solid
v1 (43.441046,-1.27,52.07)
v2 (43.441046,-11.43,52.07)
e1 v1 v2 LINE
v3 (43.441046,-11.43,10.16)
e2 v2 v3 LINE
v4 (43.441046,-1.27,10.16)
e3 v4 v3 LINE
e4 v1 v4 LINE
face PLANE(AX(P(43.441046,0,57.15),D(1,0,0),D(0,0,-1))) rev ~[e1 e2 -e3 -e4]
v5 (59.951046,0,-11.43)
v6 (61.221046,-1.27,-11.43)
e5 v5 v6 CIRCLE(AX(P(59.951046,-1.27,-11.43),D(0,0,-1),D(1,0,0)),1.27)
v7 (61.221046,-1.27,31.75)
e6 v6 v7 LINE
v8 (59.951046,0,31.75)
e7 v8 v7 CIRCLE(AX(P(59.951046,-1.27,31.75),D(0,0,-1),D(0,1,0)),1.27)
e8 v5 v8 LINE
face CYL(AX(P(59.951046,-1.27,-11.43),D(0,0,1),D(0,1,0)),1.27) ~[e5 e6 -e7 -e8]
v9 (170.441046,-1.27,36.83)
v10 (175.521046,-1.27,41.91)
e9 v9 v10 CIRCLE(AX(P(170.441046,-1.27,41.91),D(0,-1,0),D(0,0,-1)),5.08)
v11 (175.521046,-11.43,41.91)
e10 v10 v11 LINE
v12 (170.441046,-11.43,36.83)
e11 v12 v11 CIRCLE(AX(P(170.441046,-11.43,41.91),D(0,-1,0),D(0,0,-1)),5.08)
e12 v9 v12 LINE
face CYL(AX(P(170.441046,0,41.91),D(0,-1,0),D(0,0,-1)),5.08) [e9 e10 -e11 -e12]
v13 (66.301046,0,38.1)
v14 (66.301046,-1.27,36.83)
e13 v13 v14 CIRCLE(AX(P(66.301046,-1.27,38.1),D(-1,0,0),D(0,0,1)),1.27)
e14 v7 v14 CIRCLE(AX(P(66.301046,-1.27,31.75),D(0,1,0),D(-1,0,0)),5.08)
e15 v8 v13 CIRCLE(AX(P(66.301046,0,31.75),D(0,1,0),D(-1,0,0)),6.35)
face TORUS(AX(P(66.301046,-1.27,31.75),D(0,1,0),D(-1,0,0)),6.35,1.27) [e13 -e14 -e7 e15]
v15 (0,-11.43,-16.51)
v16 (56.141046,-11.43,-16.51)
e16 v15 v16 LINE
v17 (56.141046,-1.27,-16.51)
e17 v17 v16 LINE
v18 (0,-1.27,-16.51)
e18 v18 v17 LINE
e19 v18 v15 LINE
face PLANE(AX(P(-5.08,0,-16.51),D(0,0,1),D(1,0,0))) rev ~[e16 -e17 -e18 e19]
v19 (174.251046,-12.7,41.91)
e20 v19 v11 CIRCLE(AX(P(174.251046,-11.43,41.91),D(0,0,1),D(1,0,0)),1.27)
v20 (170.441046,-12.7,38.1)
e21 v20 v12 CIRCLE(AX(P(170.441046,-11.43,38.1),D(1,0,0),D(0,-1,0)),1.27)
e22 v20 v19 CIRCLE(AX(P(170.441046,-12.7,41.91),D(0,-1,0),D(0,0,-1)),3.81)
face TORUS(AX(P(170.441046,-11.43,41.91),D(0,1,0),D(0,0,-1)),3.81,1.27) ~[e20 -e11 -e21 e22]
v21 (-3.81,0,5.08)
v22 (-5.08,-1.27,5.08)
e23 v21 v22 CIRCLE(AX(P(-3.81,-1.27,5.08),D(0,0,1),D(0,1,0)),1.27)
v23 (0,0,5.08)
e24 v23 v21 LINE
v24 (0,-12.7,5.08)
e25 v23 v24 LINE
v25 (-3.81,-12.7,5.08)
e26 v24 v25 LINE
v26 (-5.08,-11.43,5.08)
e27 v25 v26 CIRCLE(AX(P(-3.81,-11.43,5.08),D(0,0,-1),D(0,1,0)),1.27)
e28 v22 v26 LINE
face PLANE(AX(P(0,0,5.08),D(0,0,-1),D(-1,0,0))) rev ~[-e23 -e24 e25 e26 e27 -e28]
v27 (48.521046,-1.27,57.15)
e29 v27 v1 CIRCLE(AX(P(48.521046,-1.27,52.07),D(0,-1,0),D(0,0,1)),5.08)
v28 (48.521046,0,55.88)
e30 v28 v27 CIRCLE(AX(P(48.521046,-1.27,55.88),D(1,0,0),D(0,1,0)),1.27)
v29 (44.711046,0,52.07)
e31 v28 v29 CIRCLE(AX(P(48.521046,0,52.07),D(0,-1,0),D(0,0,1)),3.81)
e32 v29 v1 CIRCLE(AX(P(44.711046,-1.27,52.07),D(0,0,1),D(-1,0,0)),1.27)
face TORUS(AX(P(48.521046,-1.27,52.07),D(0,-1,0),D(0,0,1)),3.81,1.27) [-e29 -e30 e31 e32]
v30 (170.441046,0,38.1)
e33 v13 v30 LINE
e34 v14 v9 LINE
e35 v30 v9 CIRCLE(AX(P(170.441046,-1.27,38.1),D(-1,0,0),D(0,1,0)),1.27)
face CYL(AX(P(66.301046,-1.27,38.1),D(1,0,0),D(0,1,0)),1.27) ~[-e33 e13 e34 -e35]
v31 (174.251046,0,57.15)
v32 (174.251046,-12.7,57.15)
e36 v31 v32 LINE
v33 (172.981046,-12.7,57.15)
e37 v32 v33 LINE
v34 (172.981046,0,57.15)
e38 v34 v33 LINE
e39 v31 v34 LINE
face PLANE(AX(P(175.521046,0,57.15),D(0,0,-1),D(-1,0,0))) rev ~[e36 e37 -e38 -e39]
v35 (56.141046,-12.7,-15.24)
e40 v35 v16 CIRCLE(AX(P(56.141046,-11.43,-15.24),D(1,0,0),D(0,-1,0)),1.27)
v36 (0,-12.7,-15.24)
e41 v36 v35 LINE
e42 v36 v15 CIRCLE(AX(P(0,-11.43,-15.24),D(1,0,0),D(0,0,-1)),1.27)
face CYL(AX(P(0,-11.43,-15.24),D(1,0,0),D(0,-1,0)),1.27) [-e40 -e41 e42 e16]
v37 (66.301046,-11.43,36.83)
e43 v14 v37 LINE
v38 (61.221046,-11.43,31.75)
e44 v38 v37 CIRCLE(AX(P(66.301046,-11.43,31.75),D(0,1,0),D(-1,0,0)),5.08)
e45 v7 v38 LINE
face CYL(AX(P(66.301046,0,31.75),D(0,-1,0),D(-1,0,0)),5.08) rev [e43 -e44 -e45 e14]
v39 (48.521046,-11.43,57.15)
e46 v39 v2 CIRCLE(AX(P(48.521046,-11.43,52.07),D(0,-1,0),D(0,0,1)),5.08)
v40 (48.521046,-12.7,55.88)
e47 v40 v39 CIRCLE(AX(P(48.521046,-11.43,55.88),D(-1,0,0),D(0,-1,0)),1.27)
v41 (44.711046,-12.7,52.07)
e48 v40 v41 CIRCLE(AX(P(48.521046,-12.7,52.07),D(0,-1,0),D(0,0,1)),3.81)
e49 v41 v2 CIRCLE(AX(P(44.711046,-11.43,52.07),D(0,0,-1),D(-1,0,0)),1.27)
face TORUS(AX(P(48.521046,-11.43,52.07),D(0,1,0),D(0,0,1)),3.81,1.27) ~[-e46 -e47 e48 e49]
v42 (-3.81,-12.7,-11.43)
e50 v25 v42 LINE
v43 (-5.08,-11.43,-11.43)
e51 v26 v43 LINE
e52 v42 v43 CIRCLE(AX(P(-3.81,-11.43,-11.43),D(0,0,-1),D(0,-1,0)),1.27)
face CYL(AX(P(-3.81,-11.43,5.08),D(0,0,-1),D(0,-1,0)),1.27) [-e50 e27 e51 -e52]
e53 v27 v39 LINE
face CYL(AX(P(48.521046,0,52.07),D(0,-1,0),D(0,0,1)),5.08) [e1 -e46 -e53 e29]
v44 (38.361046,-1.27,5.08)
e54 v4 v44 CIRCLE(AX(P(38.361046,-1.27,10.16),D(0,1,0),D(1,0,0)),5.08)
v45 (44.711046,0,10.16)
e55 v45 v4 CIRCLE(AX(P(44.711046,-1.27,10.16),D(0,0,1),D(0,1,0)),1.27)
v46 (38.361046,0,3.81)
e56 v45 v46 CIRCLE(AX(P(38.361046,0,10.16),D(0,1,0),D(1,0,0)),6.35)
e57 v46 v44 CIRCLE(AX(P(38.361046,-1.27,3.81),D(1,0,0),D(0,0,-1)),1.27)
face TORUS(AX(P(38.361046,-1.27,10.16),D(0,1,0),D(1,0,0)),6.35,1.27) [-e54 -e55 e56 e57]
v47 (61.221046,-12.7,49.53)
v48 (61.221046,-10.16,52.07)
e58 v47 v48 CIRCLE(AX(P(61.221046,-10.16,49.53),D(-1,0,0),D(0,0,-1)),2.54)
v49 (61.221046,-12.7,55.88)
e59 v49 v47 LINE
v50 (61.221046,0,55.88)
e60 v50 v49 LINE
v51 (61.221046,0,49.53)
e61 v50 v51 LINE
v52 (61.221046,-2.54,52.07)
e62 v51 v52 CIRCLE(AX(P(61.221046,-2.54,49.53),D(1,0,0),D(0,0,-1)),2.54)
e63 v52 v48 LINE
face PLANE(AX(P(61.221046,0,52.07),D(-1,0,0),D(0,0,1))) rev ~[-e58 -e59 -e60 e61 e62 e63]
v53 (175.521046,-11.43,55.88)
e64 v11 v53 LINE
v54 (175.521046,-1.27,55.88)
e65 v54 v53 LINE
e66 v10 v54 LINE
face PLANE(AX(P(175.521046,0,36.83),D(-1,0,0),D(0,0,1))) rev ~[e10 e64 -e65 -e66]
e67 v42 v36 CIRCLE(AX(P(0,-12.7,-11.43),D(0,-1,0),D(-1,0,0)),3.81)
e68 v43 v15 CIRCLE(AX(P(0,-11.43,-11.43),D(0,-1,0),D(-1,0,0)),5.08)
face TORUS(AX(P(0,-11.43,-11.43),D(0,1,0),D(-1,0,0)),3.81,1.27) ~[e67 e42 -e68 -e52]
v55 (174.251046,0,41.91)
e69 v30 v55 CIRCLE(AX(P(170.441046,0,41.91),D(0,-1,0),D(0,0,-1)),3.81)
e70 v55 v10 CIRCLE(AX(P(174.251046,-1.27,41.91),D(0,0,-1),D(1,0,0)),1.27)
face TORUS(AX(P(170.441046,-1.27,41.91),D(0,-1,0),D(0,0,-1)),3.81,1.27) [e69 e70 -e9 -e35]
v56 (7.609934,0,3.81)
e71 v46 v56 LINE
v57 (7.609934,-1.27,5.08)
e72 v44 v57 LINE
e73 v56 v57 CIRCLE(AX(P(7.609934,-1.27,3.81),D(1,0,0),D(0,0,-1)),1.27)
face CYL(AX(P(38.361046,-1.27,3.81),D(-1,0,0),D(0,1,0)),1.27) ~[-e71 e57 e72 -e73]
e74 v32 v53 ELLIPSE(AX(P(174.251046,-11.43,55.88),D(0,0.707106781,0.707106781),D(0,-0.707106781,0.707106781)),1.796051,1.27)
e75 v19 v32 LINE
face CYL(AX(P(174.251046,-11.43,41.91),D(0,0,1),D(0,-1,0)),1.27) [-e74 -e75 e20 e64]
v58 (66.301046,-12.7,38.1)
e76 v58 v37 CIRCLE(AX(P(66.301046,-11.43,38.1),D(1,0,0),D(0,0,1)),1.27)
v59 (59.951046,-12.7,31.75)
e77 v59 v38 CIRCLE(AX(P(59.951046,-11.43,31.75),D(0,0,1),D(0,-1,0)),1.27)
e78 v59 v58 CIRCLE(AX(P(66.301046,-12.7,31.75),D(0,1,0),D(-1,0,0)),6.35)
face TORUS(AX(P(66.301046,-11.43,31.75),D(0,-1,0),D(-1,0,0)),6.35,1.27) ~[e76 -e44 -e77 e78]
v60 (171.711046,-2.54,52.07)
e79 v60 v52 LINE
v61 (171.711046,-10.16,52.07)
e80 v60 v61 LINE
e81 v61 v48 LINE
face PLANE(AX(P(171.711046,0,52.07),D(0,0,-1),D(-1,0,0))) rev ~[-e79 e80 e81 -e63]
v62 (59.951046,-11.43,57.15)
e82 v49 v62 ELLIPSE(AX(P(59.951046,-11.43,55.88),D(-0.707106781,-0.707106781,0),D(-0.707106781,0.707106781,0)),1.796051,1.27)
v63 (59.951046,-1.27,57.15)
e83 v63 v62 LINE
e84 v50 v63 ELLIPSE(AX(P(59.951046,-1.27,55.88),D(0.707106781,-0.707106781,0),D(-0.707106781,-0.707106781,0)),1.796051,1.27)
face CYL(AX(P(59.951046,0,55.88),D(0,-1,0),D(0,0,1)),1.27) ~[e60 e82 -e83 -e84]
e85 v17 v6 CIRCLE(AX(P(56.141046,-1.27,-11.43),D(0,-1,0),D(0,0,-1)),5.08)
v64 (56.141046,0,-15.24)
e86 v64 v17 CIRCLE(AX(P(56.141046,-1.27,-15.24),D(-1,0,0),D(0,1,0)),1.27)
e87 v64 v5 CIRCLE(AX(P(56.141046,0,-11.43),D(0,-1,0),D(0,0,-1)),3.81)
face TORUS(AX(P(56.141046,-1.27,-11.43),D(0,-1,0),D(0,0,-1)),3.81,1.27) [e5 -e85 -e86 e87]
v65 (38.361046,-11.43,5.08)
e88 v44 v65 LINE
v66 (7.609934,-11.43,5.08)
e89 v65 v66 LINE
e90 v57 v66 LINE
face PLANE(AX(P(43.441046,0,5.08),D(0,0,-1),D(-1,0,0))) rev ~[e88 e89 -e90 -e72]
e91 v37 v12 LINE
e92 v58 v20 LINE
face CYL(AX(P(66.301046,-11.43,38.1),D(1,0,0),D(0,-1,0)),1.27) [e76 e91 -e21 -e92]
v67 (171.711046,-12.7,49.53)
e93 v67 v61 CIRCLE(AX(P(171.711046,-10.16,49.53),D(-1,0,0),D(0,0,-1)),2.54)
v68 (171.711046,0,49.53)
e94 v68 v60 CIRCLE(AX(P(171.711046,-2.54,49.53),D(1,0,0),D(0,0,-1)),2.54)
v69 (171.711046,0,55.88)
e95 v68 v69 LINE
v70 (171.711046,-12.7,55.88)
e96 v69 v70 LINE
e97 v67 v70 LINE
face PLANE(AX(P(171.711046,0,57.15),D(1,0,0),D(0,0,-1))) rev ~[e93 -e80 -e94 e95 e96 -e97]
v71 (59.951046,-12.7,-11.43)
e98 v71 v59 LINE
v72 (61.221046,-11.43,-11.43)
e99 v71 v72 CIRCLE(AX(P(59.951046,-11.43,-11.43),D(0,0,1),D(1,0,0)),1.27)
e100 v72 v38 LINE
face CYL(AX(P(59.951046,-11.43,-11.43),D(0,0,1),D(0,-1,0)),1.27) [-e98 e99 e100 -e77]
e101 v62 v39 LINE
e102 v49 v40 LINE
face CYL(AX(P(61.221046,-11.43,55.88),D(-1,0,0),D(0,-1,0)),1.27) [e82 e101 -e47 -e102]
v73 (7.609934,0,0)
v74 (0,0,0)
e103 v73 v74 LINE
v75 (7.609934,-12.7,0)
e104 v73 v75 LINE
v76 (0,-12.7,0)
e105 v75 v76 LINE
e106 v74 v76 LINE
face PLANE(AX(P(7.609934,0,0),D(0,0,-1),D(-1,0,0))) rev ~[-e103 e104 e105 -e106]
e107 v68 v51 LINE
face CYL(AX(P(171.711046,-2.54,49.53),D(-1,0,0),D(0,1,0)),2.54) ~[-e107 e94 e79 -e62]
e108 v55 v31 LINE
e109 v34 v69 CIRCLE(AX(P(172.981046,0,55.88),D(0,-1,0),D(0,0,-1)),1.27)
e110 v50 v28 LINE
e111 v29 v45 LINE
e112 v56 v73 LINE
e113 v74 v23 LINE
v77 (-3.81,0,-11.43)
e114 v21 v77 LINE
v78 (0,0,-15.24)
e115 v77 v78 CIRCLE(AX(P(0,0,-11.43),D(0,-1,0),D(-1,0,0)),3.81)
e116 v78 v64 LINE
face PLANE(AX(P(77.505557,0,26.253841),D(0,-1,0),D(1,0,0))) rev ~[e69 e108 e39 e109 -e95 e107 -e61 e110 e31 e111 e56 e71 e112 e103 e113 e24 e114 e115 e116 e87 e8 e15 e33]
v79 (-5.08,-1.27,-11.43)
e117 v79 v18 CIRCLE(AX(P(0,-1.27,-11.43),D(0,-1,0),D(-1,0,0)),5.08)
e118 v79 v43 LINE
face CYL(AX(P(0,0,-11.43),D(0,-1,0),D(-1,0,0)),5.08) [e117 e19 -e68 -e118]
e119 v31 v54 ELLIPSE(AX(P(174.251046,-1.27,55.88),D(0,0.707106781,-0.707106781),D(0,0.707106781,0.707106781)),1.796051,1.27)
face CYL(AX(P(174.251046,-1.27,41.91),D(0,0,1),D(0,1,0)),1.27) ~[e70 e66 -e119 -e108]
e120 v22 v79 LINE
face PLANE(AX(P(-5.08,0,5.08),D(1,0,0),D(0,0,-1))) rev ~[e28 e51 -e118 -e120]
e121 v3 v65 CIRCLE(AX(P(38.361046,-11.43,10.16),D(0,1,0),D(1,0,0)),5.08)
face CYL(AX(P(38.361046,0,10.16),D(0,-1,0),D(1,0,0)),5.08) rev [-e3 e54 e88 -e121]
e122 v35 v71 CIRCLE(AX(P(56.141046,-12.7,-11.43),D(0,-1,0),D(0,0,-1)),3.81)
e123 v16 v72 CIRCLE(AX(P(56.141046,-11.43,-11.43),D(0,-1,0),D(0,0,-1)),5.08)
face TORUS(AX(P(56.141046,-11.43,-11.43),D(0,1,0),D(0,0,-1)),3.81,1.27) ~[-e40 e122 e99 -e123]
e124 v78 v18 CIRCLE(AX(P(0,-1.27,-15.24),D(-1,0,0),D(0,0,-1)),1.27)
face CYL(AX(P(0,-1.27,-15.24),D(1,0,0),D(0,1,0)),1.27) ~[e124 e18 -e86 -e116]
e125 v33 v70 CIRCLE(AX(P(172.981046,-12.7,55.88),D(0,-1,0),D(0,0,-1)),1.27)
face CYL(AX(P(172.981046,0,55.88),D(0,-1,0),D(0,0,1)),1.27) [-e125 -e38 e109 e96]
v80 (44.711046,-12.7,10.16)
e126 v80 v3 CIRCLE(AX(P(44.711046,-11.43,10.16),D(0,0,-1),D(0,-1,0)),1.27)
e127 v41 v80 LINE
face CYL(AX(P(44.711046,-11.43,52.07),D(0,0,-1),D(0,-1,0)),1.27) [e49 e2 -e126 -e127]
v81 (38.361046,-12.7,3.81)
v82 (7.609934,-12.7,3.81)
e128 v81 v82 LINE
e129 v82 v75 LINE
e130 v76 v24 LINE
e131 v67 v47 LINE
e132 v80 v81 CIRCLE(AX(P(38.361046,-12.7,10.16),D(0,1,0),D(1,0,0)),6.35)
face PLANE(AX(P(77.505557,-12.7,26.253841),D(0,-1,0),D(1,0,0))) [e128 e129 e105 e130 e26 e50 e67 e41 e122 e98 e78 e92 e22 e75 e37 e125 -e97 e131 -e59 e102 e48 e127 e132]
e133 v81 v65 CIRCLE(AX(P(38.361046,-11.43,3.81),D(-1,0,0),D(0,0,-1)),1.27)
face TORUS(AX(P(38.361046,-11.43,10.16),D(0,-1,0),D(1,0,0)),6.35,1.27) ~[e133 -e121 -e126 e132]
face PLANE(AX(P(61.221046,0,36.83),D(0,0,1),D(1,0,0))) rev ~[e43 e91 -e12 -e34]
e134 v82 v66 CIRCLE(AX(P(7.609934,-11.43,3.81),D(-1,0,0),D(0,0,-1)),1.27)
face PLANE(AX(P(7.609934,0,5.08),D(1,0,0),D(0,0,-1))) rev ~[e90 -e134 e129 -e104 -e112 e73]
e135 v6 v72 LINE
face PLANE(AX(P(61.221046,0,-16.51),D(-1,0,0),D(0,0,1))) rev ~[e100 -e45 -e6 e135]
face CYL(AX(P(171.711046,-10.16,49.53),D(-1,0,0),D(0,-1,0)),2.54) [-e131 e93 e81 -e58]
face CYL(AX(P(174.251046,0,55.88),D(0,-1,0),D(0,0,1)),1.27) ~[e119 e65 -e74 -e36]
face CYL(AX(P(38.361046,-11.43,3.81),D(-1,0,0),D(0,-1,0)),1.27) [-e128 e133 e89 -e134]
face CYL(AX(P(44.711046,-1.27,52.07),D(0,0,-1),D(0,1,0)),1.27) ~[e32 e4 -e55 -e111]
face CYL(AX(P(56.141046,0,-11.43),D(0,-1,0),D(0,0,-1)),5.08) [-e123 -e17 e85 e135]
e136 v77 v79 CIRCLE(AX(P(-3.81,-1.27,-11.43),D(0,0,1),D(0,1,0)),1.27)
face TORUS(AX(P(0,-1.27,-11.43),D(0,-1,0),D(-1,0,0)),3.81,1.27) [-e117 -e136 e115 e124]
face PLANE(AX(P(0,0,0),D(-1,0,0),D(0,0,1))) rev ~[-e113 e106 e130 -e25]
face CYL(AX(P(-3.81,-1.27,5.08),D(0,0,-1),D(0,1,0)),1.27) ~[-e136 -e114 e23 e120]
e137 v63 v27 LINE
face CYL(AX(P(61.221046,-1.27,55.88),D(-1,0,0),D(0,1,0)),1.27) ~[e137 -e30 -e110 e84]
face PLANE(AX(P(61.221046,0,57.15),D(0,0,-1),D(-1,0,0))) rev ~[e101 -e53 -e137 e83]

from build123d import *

# Parameters (mm, degrees)
F1_DEPTH = 12.7
F2_R     = 5.08
F3_R     = 2.54
F4_R     = 1.27


with BuildPart() as f1:
    # F0 (on Front) → F1 (new body)
    with BuildSketch(Plane.XZ):
        Polygon((7.609934, 0), (0, 0), (0, 5.08), (-5.08, 5.08), (-5.08, -16.51), (61.221046, -16.51), (61.221046, 5.08), (61.221046, 36.83), (175.521046, 36.83), (175.521046, 57.15), (171.711046, 57.15), (171.711046, 52.07), (61.221046, 52.07), (61.221046, 57.15), (43.441046, 57.15), (43.441046, 5.08), (7.609934, 5.08), align=None)
    extrude(amount=F1_DEPTH)

    # F2
    f2_edges = [f1.edges().sort_by_distance(p)[0] for p in [
        (61.221046, -6.35, -16.51),
        (43.441046, -6.35, 57.15),
        (43.441046, -6.35, 5.08),
        (61.221046, -6.35, 36.83),
        (175.521046, -6.35, 36.83),
        (-5.08, -6.35, -16.51),
    ]]
    fillet(f2_edges, radius=F2_R)

    # F3
    f3_edges = [f1.edges().sort_by_distance(p)[0] for p in [
        (116.466046, -12.7, 52.07),
        (116.466046, 0, 52.07),
    ]]
    fillet(f3_edges, radius=F3_R)

    # F4
    f4_edges = [f1.edges().sort_by_distance(p)[0] for p in [
        (43.441046, -12.7, 31.115),
        (22.98549, 0, 5.08),
        (-5.08, -12.7, -3.175),
        (-5.08, 0, -3.175),
        (61.221046, -6.35, 57.15),
        (171.711046, -6.35, 57.15),
        (175.521046, -6.35, 57.15),
    ]]
    fillet(f4_edges, radius=F4_R)


solid = f1.part
